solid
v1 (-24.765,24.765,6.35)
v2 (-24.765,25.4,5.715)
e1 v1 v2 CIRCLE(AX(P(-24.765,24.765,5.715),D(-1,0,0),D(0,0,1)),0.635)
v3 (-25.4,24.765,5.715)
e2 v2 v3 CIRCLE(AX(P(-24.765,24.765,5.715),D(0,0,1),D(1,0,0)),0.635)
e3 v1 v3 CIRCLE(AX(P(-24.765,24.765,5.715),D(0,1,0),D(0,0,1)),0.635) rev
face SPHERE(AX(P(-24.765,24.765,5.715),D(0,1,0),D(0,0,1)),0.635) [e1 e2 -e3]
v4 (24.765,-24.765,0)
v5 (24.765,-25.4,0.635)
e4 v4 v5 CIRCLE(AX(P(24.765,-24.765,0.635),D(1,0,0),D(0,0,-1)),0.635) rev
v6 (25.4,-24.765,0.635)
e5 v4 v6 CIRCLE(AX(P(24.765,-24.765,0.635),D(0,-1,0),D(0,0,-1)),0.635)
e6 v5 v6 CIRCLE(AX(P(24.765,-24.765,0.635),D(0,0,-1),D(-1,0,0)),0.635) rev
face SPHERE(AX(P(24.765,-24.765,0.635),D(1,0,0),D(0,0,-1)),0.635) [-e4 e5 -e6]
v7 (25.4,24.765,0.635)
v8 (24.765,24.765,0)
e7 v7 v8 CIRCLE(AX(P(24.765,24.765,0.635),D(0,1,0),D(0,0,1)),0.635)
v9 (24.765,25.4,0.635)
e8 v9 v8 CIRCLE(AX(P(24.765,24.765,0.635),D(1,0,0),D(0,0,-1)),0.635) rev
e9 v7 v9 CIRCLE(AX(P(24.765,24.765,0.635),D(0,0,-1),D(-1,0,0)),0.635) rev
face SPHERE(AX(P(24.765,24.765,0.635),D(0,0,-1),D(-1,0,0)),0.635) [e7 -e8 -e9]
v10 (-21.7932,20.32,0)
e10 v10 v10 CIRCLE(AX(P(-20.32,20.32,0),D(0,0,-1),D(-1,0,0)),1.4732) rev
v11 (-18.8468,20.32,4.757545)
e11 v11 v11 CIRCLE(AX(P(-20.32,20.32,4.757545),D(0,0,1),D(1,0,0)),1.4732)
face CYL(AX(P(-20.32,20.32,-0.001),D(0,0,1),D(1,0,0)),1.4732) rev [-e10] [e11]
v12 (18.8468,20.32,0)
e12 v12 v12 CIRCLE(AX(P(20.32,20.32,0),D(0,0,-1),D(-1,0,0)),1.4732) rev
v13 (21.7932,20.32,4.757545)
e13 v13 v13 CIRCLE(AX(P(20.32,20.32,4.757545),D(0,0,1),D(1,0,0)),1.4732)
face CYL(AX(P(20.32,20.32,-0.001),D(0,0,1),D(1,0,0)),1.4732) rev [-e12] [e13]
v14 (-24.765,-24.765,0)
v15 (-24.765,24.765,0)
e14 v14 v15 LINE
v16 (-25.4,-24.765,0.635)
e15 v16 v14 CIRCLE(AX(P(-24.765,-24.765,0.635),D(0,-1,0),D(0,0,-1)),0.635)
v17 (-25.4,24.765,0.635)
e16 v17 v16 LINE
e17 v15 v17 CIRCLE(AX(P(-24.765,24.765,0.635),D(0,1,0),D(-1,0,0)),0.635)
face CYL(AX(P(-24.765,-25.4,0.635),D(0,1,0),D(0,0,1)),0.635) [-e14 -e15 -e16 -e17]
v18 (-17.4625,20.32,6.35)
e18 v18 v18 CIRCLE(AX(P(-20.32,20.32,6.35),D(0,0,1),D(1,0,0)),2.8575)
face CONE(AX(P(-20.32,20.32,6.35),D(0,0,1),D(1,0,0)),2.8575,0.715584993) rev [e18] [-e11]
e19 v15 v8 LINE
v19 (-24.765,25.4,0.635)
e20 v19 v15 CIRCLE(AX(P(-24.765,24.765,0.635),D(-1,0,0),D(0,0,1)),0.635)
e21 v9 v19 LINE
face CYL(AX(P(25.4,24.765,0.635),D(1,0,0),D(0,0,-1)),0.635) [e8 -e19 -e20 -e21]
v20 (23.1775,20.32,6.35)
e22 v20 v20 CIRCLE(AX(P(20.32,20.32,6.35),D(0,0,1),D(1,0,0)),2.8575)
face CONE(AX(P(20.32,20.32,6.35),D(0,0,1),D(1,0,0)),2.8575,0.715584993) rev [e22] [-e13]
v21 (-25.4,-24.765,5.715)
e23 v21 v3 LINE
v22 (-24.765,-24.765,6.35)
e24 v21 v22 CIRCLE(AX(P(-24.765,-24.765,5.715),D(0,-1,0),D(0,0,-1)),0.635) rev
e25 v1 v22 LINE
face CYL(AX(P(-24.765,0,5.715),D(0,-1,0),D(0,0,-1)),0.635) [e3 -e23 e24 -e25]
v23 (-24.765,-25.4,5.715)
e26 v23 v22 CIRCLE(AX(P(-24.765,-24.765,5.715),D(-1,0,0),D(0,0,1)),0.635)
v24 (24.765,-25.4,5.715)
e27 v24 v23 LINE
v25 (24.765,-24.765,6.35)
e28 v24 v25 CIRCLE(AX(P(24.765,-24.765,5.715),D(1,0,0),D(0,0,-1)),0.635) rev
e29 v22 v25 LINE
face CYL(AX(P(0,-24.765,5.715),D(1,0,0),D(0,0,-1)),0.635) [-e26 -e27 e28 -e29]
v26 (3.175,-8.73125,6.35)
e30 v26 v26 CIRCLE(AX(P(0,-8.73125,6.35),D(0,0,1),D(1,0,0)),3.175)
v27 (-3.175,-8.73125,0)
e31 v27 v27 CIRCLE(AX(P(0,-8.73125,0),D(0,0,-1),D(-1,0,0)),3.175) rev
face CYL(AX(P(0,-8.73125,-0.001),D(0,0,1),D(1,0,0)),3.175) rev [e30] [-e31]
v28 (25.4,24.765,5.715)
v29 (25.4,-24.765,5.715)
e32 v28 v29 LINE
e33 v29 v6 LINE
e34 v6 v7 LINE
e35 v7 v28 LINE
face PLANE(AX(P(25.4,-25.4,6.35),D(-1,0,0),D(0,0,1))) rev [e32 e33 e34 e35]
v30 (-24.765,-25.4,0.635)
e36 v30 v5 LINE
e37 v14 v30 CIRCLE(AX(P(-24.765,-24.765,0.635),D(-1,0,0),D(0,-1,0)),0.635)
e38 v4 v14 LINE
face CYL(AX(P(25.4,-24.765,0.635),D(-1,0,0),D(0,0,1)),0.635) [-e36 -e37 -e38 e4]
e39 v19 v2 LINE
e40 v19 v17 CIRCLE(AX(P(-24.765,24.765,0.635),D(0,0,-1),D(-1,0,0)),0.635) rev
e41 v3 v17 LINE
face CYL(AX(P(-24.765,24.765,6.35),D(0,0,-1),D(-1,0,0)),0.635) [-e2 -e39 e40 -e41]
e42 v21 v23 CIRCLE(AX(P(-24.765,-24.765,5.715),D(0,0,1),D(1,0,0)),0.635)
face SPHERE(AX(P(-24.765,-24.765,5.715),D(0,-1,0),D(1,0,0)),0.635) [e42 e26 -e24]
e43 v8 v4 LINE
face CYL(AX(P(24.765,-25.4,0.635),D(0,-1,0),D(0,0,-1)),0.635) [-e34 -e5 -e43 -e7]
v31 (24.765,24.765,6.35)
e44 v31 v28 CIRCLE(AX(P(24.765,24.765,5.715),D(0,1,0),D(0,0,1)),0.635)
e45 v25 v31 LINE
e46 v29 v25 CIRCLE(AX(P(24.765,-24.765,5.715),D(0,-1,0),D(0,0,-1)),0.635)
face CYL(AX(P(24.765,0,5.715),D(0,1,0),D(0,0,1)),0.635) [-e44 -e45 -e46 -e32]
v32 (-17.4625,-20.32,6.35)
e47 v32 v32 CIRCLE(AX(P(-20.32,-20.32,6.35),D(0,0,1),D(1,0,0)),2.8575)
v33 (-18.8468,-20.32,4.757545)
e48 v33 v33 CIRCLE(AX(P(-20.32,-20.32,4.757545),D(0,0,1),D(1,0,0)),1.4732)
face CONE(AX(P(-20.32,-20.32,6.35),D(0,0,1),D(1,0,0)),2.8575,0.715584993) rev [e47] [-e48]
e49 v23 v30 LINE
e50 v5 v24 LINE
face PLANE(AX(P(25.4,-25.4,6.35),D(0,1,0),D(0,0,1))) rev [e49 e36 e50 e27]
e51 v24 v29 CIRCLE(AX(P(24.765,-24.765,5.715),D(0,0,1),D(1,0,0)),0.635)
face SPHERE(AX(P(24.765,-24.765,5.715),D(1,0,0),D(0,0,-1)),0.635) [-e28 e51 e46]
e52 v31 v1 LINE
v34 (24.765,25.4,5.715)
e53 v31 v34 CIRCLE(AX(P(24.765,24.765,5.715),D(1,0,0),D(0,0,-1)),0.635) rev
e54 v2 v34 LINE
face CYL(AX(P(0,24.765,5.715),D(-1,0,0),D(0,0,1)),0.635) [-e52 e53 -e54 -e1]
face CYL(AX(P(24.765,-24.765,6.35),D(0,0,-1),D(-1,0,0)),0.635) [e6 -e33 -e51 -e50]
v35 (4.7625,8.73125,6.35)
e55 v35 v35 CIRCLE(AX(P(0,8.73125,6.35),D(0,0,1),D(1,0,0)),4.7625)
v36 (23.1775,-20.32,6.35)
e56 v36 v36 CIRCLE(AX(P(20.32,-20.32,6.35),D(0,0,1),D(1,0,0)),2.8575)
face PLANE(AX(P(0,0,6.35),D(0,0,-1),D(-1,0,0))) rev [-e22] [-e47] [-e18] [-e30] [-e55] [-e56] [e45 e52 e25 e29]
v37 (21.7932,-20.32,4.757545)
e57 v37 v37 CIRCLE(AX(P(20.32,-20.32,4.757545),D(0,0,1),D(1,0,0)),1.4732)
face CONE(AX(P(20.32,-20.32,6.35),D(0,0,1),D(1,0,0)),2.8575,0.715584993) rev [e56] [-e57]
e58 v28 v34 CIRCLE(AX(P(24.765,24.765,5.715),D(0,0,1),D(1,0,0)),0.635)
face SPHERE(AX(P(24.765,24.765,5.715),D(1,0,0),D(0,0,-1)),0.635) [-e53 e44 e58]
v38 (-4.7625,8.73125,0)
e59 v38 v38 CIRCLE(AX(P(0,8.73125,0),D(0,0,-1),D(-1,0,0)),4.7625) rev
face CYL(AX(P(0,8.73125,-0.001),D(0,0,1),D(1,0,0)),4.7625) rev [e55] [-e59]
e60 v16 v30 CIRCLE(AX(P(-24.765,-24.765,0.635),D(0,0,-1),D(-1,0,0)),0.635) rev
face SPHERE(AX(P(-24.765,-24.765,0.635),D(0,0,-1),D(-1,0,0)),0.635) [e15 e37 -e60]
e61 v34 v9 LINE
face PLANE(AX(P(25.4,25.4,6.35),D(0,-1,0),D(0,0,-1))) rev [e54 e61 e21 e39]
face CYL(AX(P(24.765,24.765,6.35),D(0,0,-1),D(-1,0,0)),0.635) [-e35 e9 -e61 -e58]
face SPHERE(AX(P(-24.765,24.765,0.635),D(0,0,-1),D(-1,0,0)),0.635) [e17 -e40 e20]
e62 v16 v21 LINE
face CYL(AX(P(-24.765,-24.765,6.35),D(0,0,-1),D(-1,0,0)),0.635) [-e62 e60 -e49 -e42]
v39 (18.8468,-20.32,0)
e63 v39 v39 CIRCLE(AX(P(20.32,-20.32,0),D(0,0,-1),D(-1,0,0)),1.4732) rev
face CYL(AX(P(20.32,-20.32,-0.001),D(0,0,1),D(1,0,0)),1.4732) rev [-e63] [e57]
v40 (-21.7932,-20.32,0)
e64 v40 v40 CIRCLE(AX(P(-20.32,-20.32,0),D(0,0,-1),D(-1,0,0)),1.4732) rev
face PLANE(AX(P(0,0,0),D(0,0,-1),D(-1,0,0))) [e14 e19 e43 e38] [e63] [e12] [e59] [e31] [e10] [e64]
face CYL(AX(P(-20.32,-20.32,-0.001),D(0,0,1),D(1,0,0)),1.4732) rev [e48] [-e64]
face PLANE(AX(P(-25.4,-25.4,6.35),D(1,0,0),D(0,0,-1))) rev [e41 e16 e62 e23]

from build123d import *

# Parameters (mm, degrees)
SKETCH1_W                                      = 50.8
SKETCH1_H                                      = 50.8
BOSS_EXTRUDE1_DEPTH                            = 6.35
CUT_EXTRUDE1_REACH                             = 38.478
SKETCH2_R                                      = 4.7625
SKETCH2_R_2                                    = 3.175
CUT_EXTRUDE2_REACH                             = 38.478
SKETCH5_R                                      = 1.4732
CSK_FOR_4_FLAT_HEAD_MACHINE_SCREW1_D           = 2.9464
CSK_FOR_4_FLAT_HEAD_MACHINE_SCREW1_CSINK_D     = 5.715
CSK_FOR_4_FLAT_HEAD_MACHINE_SCREW1_CSINK_ANGLE = 82
FILLET1_R                                      = 0.635


with BuildPart() as part:
    # Sketch1 → Boss-Extrude1 (new body)
    with BuildSketch(Plane(origin=(0, 0, 0), x_dir=(0, 1, 0), z_dir=(0, 0, 1))):
        Rectangle(SKETCH1_W, SKETCH1_H)
    extrude(amount=BOSS_EXTRUDE1_DEPTH)

    # Sketch2 → Cut-Extrude1 (cut, up to next)
    with BuildSketch(Plane.XY.offset(6.35), mode=Mode.PRIVATE) as cut_extrude1_sk1:
        with Locations((0, 8.73125)):
            Circle(SKETCH2_R)
    cut_extrude1_tool1 = extrude(cut_extrude1_sk1.sketch, amount=-CUT_EXTRUDE1_REACH, mode=Mode.PRIVATE) & part.part
    # Sketch2 → Cut-Extrude1 (cut, up to next)
    with BuildSketch(Plane.XY.offset(6.35), mode=Mode.PRIVATE) as cut_extrude1_sk2:
        with Locations((0, -8.73125)):
            Circle(SKETCH2_R_2)
    cut_extrude1_tool2 = extrude(cut_extrude1_sk2.sketch, amount=-CUT_EXTRUDE1_REACH, mode=Mode.PRIVATE) & part.part
    add(cut_extrude1_tool1.solids().sort_by_distance((0, 8.73125, 6.35))[0], mode=Mode.SUBTRACT)
    add(cut_extrude1_tool2.solids().sort_by_distance((0, -8.73125, 6.35))[0], mode=Mode.SUBTRACT)

    # Sketch5 → Cut-Extrude2 (cut, up to next)
    with BuildSketch(Plane.XY.offset(6.35), mode=Mode.PRIVATE) as cut_extrude2_sk1:
        with Locations((-20.32, 20.32)):
            Circle(SKETCH5_R)
    cut_extrude2_tool1 = extrude(cut_extrude2_sk1.sketch, amount=-CUT_EXTRUDE2_REACH, mode=Mode.PRIVATE) & part.part
    # Sketch5 → Cut-Extrude2 (cut, up to next)
    with BuildSketch(Plane.XY.offset(6.35), mode=Mode.PRIVATE) as cut_extrude2_sk2:
        with Locations((20.32, 20.32)):
            Circle(SKETCH5_R)
    cut_extrude2_tool2 = extrude(cut_extrude2_sk2.sketch, amount=-CUT_EXTRUDE2_REACH, mode=Mode.PRIVATE) & part.part
    # Sketch5 → Cut-Extrude2 (cut, up to next)
    with BuildSketch(Plane.XY.offset(6.35), mode=Mode.PRIVATE) as cut_extrude2_sk3:
        with Locations((-20.32, -20.32)):
            Circle(SKETCH5_R)
    cut_extrude2_tool3 = extrude(cut_extrude2_sk3.sketch, amount=-CUT_EXTRUDE2_REACH, mode=Mode.PRIVATE) & part.part
    # Sketch5 → Cut-Extrude2 (cut, up to next)
    with BuildSketch(Plane.XY.offset(6.35), mode=Mode.PRIVATE) as cut_extrude2_sk4:
        with Locations((20.32, -20.32)):
            Circle(SKETCH5_R)
    cut_extrude2_tool4 = extrude(cut_extrude2_sk4.sketch, amount=-CUT_EXTRUDE2_REACH, mode=Mode.PRIVATE) & part.part
    add(cut_extrude2_tool1.solids().sort_by_distance((-20.32, 20.32, 6.35))[0], mode=Mode.SUBTRACT)
    add(cut_extrude2_tool2.solids().sort_by_distance((20.32, 20.32, 6.35))[0], mode=Mode.SUBTRACT)
    add(cut_extrude2_tool3.solids().sort_by_distance((-20.32, -20.32, 6.35))[0], mode=Mode.SUBTRACT)
    add(cut_extrude2_tool4.solids().sort_by_distance((20.32, -20.32, 6.35))[0], mode=Mode.SUBTRACT)

    # CSK for #4 Flat Head Machine Screw1 (through all)
    with Locations(Plane.XY.offset(6.35)):
        with Locations((-20.32, 20.32), (20.32, 20.32), (20.32, -20.32), (-20.32, -20.32)):
            CounterSinkHole(CSK_FOR_4_FLAT_HEAD_MACHINE_SCREW1_D / 2, CSK_FOR_4_FLAT_HEAD_MACHINE_SCREW1_CSINK_D / 2, counter_sink_angle=CSK_FOR_4_FLAT_HEAD_MACHINE_SCREW1_CSINK_ANGLE)

    # Fillet1
    fillet1_edges = [part.edges().sort_by_distance(p)[0] for p in [
        (0, -25.4, 6.35),
        (25.4, 0, 6.35),
        (0, 25.4, 6.35),
        (25.4, 0, 0),
        (0, -25.4, 0),
        (-25.4, 0, 0),
        (0, 25.4, 0),
        (25.4, 25.4, 3.175),
        (25.4, -25.4, 3.175),
        (-25.4, -25.4, 3.175),
        (-25.4, 25.4, 3.175),
        (-25.4, 0, 6.35),
    ]]
    fillet(fillet1_edges, radius=FILLET1_R)


solid = part.part
